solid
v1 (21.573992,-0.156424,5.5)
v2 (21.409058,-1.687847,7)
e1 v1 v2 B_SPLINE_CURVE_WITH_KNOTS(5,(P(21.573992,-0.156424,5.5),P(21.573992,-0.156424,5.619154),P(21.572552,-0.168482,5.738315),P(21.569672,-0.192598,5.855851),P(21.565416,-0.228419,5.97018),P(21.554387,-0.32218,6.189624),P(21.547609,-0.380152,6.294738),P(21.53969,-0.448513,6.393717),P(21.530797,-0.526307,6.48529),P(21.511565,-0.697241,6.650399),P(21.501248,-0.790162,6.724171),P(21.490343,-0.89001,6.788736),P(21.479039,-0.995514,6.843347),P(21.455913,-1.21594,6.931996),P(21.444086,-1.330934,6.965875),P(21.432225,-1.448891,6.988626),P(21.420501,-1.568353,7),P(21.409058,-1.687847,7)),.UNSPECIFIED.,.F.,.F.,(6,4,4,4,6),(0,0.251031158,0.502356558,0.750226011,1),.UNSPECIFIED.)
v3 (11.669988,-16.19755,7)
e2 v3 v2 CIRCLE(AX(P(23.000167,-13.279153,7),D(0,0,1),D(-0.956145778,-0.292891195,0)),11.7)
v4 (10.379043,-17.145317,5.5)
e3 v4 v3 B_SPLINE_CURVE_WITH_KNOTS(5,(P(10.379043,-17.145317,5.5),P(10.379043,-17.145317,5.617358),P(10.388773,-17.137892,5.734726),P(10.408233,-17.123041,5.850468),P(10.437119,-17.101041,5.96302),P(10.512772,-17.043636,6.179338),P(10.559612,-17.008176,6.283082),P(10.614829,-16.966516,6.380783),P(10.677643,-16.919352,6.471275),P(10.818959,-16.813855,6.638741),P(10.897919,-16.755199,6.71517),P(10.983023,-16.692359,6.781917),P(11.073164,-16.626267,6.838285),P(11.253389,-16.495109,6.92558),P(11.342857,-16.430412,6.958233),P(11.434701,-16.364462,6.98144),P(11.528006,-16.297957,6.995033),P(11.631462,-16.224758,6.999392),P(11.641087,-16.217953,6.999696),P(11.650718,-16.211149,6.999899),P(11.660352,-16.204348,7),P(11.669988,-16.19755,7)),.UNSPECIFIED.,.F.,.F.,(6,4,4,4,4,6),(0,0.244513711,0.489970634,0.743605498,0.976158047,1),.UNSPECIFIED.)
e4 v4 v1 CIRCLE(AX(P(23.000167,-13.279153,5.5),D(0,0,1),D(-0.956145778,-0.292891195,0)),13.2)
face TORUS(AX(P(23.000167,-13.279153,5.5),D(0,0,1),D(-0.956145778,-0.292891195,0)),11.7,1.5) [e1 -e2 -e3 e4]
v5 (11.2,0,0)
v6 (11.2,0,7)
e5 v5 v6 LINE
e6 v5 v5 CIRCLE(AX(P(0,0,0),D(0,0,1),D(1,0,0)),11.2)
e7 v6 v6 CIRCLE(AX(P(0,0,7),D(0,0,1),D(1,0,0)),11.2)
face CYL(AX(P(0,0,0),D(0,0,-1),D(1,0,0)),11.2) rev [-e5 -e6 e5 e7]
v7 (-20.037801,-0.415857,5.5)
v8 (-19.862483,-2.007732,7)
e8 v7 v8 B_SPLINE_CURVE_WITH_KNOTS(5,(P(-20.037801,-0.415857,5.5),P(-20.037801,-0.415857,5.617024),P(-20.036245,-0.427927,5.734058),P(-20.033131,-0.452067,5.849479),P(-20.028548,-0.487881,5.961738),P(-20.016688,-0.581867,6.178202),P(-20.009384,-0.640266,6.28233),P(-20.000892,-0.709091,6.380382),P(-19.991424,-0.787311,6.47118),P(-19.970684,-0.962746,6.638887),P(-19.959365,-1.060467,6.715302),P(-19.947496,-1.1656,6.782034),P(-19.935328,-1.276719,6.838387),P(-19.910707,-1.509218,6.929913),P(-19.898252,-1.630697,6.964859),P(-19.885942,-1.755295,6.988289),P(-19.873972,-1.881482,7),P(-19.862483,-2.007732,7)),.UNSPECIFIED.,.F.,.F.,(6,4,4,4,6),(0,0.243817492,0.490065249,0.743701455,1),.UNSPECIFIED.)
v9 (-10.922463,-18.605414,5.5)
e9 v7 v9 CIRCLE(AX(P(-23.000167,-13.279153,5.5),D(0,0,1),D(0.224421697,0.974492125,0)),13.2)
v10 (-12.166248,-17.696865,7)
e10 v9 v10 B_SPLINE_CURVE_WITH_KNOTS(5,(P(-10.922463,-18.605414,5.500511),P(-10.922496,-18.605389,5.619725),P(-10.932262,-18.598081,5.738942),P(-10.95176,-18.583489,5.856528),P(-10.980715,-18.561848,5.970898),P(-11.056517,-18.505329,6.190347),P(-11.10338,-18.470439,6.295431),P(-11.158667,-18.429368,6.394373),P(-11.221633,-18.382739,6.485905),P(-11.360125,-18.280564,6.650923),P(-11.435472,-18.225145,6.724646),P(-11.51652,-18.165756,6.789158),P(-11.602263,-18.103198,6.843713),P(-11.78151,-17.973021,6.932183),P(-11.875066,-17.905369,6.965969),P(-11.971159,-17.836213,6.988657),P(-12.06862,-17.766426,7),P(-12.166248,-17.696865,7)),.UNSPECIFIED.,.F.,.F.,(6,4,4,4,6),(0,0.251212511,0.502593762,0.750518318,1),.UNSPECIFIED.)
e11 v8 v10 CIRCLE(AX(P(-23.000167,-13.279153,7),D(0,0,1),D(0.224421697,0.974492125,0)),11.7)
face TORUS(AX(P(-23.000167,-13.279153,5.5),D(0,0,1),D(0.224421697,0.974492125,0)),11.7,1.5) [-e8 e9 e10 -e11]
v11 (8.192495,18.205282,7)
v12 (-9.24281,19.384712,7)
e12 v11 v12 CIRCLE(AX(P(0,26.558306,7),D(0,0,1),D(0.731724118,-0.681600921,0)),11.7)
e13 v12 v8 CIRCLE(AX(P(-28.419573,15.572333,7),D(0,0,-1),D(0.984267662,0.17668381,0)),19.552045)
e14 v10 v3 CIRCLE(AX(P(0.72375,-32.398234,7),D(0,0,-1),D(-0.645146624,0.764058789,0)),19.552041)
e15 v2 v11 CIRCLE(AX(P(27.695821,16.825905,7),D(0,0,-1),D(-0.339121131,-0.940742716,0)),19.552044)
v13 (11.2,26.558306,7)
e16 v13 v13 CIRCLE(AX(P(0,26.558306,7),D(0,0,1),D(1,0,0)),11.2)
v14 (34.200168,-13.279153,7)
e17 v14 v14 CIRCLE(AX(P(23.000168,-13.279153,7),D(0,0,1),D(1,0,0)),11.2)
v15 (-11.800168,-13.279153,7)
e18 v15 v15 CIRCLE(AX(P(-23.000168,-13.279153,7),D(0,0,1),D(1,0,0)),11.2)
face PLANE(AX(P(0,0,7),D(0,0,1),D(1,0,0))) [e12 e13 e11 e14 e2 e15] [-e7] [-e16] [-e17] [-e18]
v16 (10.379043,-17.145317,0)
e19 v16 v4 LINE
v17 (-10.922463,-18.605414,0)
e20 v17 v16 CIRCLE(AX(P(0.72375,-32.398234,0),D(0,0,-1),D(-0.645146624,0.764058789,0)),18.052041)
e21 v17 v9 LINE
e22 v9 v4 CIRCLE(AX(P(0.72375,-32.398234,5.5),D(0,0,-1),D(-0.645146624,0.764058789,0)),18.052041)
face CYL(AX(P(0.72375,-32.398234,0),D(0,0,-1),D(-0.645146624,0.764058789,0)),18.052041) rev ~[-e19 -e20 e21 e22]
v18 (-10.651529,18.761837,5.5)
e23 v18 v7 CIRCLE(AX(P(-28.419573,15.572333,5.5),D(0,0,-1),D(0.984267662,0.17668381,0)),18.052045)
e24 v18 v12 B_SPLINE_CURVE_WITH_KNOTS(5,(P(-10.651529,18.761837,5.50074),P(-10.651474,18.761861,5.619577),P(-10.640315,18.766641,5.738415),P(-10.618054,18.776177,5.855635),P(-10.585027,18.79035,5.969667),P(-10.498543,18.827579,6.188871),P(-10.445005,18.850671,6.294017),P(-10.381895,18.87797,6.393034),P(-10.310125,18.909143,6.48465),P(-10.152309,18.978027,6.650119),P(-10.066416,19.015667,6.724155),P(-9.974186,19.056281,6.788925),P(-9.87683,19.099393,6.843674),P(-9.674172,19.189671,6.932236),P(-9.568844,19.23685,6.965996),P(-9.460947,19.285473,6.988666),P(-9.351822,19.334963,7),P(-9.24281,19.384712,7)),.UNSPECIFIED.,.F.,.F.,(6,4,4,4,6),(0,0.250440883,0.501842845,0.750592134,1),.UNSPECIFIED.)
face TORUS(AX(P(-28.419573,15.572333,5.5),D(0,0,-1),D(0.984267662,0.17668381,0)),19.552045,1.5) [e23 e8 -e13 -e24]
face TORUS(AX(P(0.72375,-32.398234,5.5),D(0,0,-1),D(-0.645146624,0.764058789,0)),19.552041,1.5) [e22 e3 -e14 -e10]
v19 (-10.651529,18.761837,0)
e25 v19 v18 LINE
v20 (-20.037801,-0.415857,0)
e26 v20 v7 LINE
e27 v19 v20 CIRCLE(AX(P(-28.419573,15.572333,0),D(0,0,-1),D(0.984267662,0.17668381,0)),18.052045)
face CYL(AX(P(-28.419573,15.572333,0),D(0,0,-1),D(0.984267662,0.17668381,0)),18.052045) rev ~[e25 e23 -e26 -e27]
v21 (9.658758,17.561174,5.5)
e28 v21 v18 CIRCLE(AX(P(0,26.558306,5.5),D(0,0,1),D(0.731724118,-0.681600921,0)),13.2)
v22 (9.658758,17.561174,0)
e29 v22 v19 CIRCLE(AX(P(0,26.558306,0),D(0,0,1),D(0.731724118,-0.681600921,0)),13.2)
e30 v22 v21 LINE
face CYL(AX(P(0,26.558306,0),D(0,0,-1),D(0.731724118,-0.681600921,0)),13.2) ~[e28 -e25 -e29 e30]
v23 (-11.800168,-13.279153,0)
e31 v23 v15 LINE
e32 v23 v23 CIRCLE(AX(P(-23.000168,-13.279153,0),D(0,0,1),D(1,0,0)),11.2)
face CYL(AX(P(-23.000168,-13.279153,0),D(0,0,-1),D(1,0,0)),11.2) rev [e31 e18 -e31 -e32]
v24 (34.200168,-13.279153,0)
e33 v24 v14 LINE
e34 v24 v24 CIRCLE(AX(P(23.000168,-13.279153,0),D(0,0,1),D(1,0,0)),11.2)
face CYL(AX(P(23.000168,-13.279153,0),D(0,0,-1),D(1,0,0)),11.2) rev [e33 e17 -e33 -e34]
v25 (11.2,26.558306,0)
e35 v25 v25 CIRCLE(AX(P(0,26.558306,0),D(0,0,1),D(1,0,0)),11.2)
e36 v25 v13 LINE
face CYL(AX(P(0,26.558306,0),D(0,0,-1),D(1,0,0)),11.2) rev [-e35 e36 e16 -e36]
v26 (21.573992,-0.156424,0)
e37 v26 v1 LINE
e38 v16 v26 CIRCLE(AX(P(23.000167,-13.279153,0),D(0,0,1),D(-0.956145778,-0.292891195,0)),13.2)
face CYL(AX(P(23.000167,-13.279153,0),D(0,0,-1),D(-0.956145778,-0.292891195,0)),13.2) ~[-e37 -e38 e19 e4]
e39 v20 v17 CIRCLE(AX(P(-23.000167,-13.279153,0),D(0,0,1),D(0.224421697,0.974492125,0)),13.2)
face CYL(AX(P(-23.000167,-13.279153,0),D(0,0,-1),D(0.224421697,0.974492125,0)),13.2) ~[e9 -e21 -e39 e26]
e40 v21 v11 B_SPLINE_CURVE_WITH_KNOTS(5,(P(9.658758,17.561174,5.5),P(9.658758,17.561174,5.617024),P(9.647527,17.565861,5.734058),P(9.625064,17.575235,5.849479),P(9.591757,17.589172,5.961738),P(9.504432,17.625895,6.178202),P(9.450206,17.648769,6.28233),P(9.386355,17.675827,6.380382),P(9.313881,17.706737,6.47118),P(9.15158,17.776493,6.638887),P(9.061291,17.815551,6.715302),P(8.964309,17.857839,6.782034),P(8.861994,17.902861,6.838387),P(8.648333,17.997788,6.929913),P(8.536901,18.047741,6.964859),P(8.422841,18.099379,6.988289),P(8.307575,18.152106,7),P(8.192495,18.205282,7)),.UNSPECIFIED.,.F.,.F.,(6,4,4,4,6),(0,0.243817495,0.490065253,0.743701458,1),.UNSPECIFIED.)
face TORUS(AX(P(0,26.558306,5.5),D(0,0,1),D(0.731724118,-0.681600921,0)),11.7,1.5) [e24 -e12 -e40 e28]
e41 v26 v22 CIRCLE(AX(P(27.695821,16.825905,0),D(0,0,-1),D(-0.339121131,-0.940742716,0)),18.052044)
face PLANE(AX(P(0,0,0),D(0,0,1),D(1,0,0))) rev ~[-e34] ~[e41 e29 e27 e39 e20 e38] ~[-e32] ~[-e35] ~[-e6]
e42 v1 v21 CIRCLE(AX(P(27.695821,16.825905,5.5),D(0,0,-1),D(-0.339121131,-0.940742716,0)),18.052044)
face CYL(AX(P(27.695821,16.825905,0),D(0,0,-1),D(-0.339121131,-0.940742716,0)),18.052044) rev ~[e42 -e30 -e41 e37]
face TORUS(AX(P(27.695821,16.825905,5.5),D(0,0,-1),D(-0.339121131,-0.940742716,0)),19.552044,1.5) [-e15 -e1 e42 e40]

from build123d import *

# Parameters (mm, degrees)
F0_R     = 11.2
F1_DEPTH = 7
F2_R     = 1.5


with BuildPart() as f1:
    # F0 (on Top) → F1 (new body)
    with BuildSketch(Plane.XY):
        with BuildLine():
            ThreePointArc((21.573992, -0.156424), (12.716124, 6.751931), (9.658758, 17.561174))
            ThreePointArc((9.658758, 17.561174), (0.778972, 39.735301), (-10.651529, 18.761837))
            ThreePointArc((-10.651529, 18.761837), (-12.205406, 7.636521), (-20.037801, -0.415857))
            ThreePointArc((-20.037801, -0.415857), (-34.801266, -19.193041), (-10.922463, -18.605414))
            ThreePointArc((-10.922463, -18.605414), (-0.510718, -14.388452), (10.379043, -17.145317))
            ThreePointArc((10.379043, -17.145317), (34.022294, -20.54226), (21.573992, -0.156424))
        make_face()
        with Locations((-23.000168, -13.279153)):
            Circle(F0_R, mode=Mode.SUBTRACT)
        with Locations((23.000168, -13.279153)):
            Circle(F0_R, mode=Mode.SUBTRACT)
        Circle(F0_R, mode=Mode.SUBTRACT)
        with Locations((0, 26.558306)):
            Circle(F0_R, mode=Mode.SUBTRACT)
    extrude(amount=F1_DEPTH)

    # F2
    f2_edges = [f1.edges().sort_by_distance(p)[0] for p in [
        (-0.510718, -14.388452, 7),
        (-34.801266, -19.193041, 7),
        (-12.205406, 7.636521, 7),
        (0.778972, 39.735301, 7),
        (12.716124, 6.751931, 7),
        (34.022294, -20.54226, 7),
    ]]
    fillet(f2_edges, radius=F2_R)


solid = f1.part
